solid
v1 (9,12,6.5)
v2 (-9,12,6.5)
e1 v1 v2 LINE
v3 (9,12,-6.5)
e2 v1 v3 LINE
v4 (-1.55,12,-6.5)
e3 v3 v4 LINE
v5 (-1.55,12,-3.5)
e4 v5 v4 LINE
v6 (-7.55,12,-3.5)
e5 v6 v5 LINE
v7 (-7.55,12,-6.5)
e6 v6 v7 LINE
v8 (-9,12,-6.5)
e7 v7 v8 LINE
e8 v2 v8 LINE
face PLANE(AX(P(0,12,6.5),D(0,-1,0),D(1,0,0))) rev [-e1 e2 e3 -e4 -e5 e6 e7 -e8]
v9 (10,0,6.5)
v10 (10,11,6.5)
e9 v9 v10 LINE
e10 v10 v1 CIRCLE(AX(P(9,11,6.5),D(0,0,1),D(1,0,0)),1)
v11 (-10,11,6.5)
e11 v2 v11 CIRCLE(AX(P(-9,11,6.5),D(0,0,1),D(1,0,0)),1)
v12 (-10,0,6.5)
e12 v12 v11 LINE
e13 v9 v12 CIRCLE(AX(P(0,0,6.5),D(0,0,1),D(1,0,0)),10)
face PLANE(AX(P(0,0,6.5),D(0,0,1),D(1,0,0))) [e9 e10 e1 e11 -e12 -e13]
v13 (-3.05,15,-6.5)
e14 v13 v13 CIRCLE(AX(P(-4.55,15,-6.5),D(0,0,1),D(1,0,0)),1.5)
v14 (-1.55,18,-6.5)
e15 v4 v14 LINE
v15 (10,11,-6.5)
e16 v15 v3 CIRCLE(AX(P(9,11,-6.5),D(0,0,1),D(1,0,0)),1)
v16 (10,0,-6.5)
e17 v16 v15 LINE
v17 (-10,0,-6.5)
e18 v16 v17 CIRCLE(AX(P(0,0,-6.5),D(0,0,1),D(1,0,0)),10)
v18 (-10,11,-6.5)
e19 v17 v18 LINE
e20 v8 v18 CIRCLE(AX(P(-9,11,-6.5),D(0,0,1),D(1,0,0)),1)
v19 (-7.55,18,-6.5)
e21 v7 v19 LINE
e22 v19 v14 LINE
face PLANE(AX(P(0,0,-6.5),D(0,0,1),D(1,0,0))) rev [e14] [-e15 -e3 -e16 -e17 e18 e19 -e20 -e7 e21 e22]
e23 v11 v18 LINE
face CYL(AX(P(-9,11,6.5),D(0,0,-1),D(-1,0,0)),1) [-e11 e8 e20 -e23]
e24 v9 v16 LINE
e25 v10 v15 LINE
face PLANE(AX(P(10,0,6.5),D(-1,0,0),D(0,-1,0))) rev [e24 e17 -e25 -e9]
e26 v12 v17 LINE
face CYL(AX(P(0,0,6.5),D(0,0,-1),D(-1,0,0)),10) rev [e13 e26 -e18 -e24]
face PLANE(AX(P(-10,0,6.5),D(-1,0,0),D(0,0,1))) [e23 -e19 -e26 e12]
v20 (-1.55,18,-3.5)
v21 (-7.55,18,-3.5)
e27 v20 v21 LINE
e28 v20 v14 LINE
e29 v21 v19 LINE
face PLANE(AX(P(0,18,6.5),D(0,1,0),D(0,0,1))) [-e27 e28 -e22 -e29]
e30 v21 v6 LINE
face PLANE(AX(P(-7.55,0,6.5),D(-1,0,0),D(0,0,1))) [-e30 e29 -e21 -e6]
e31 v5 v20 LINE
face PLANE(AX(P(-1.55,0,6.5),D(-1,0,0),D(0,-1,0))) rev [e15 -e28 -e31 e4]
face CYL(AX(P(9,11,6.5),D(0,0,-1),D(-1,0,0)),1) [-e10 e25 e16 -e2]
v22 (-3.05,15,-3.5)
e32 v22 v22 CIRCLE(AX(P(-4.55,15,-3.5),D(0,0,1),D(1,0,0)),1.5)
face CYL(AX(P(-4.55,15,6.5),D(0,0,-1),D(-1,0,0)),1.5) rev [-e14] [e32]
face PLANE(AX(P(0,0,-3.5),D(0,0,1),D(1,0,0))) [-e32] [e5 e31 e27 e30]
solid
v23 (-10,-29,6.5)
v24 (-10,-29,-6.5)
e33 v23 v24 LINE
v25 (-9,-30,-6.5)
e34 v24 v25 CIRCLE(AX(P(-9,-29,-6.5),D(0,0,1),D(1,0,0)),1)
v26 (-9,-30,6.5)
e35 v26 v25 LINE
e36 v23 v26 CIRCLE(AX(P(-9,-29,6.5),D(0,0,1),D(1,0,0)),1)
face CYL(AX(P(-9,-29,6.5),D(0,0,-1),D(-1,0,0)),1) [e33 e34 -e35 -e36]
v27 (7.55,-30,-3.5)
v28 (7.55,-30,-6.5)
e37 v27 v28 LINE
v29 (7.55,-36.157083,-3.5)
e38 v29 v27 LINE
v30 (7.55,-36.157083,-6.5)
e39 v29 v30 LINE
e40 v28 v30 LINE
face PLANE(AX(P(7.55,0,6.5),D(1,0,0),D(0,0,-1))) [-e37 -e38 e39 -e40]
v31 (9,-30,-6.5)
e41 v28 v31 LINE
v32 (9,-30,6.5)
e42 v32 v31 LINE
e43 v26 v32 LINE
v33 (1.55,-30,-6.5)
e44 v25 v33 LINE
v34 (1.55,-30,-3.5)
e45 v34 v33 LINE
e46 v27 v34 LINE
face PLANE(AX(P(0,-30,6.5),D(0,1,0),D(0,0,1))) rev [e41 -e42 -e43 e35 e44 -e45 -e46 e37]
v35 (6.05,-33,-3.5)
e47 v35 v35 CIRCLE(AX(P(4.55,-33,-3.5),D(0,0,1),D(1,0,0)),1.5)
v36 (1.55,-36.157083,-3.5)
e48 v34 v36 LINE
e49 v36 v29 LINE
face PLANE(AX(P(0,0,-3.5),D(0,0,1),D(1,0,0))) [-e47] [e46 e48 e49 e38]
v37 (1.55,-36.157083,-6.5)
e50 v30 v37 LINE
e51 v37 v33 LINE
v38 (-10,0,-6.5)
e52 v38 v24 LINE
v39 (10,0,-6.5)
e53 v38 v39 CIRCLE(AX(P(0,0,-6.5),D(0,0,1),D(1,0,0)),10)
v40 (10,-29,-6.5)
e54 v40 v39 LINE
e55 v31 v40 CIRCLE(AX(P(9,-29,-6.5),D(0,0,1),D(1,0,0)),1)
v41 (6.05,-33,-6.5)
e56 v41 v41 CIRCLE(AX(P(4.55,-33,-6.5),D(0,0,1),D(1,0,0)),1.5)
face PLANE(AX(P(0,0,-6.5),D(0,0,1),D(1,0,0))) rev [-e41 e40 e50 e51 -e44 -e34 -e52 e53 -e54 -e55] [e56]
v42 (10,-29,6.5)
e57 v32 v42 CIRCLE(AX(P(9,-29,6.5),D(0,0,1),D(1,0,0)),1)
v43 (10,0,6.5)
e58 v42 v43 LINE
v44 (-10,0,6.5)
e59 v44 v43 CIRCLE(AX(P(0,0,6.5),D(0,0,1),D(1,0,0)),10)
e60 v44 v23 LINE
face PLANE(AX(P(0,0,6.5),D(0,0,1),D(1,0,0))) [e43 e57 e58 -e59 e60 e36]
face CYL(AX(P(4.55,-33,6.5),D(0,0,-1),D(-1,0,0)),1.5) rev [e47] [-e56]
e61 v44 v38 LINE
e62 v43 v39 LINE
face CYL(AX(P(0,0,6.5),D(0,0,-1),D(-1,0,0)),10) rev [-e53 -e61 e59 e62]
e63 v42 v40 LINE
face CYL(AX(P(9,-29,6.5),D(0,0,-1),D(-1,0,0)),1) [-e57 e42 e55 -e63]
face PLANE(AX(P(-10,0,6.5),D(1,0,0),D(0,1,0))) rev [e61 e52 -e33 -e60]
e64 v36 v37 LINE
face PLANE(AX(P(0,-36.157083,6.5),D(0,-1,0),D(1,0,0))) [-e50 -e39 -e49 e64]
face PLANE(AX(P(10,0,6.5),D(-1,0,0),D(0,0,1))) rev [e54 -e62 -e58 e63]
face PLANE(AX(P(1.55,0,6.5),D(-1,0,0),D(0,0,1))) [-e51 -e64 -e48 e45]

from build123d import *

# Parameters (mm, degrees)
SKETCH1_R             = 1.5
BOSS_EXTRUDE2_DEPTH   = 6.5
BOSS_EXTRUDE2_2_DEPTH = 6.5
SKETCH3_W             = 6
SKETCH3_H             = 6
CUT_EXTRUDE1_DEPTH    = 10
SKETCH4_W             = 6
SKETCH4_H             = 6.157083321
CUT_EXTRUDE2_DEPTH    = 10


with BuildPart() as part:
    # Sketch1 → Boss-Extrude2 (new body, symmetric)
    with BuildSketch(Plane.XY):
        with BuildLine():
            ThreePointArc((10, 0), (0, -10), (-10, 0))
            Line((-10, 0), (-10, -29))
            ThreePointArc((-10, -29), (-9.707106781, -29.707106781), (-9, -30))
            Line((-9, -30), (1.55, -30))
            Line((1.55, -30), (1.55, -36.157083321))
            Line((1.55, -36.157083321), (7.55, -36.157083321))
            Line((7.55, -36.157083321), (7.55, -30))
            Line((7.55, -30), (9, -30))
            ThreePointArc((9, -30), (9.707106781, -29.707106781), (10, -29))
            Line((10, -29), (10, 0))
        make_face()
        with Locations((4.55, -33)):
            Circle(SKETCH1_R, mode=Mode.SUBTRACT)
    extrude(amount=BOSS_EXTRUDE2_DEPTH, both=True)

    # Sketch4 → Cut-Extrude2 (cut)
    with BuildSketch(Plane.XY.offset(6.5)):
        with Locations((4.55, -33.078541661)):
            Rectangle(SKETCH4_W, SKETCH4_H)
    extrude(amount=-CUT_EXTRUDE2_DEPTH, mode=Mode.SUBTRACT)


with BuildPart() as body_2:
    # Sketch1 → Boss-Extrude2 2 (new body, symmetric)
    with BuildSketch(Plane.XY):
        with BuildLine():
            Line((-10, 11), (-10, 0))
            ThreePointArc((-10, 0), (0, 10), (10, 0))
            Line((10, 0), (10, 11))
            ThreePointArc((10, 11), (9.707106781, 11.707106781), (9, 12))
            Line((9, 12), (-1.55, 12))
            Line((-1.55, 12), (-1.55, 18))
            Line((-1.55, 18), (-7.55, 18))
            Line((-7.55, 18), (-7.55, 12))
            Line((-7.55, 12), (-9, 12))
            ThreePointArc((-9, 12), (-9.707106781, 11.707106781), (-10, 11))
        make_face()
        with Locations((-4.55, 15)):
            Circle(SKETCH1_R, mode=Mode.SUBTRACT)
    extrude(amount=BOSS_EXTRUDE2_2_DEPTH, both=True)

    # Sketch3 → Cut-Extrude1 (cut)
    with BuildSketch(Plane.XY.offset(6.5)):
        with Locations((-4.55, 15)):
            Rectangle(SKETCH3_W, SKETCH3_H)
    extrude(amount=-CUT_EXTRUDE1_DEPTH, mode=Mode.SUBTRACT)


solid = Compound([part.part, body_2.part])
